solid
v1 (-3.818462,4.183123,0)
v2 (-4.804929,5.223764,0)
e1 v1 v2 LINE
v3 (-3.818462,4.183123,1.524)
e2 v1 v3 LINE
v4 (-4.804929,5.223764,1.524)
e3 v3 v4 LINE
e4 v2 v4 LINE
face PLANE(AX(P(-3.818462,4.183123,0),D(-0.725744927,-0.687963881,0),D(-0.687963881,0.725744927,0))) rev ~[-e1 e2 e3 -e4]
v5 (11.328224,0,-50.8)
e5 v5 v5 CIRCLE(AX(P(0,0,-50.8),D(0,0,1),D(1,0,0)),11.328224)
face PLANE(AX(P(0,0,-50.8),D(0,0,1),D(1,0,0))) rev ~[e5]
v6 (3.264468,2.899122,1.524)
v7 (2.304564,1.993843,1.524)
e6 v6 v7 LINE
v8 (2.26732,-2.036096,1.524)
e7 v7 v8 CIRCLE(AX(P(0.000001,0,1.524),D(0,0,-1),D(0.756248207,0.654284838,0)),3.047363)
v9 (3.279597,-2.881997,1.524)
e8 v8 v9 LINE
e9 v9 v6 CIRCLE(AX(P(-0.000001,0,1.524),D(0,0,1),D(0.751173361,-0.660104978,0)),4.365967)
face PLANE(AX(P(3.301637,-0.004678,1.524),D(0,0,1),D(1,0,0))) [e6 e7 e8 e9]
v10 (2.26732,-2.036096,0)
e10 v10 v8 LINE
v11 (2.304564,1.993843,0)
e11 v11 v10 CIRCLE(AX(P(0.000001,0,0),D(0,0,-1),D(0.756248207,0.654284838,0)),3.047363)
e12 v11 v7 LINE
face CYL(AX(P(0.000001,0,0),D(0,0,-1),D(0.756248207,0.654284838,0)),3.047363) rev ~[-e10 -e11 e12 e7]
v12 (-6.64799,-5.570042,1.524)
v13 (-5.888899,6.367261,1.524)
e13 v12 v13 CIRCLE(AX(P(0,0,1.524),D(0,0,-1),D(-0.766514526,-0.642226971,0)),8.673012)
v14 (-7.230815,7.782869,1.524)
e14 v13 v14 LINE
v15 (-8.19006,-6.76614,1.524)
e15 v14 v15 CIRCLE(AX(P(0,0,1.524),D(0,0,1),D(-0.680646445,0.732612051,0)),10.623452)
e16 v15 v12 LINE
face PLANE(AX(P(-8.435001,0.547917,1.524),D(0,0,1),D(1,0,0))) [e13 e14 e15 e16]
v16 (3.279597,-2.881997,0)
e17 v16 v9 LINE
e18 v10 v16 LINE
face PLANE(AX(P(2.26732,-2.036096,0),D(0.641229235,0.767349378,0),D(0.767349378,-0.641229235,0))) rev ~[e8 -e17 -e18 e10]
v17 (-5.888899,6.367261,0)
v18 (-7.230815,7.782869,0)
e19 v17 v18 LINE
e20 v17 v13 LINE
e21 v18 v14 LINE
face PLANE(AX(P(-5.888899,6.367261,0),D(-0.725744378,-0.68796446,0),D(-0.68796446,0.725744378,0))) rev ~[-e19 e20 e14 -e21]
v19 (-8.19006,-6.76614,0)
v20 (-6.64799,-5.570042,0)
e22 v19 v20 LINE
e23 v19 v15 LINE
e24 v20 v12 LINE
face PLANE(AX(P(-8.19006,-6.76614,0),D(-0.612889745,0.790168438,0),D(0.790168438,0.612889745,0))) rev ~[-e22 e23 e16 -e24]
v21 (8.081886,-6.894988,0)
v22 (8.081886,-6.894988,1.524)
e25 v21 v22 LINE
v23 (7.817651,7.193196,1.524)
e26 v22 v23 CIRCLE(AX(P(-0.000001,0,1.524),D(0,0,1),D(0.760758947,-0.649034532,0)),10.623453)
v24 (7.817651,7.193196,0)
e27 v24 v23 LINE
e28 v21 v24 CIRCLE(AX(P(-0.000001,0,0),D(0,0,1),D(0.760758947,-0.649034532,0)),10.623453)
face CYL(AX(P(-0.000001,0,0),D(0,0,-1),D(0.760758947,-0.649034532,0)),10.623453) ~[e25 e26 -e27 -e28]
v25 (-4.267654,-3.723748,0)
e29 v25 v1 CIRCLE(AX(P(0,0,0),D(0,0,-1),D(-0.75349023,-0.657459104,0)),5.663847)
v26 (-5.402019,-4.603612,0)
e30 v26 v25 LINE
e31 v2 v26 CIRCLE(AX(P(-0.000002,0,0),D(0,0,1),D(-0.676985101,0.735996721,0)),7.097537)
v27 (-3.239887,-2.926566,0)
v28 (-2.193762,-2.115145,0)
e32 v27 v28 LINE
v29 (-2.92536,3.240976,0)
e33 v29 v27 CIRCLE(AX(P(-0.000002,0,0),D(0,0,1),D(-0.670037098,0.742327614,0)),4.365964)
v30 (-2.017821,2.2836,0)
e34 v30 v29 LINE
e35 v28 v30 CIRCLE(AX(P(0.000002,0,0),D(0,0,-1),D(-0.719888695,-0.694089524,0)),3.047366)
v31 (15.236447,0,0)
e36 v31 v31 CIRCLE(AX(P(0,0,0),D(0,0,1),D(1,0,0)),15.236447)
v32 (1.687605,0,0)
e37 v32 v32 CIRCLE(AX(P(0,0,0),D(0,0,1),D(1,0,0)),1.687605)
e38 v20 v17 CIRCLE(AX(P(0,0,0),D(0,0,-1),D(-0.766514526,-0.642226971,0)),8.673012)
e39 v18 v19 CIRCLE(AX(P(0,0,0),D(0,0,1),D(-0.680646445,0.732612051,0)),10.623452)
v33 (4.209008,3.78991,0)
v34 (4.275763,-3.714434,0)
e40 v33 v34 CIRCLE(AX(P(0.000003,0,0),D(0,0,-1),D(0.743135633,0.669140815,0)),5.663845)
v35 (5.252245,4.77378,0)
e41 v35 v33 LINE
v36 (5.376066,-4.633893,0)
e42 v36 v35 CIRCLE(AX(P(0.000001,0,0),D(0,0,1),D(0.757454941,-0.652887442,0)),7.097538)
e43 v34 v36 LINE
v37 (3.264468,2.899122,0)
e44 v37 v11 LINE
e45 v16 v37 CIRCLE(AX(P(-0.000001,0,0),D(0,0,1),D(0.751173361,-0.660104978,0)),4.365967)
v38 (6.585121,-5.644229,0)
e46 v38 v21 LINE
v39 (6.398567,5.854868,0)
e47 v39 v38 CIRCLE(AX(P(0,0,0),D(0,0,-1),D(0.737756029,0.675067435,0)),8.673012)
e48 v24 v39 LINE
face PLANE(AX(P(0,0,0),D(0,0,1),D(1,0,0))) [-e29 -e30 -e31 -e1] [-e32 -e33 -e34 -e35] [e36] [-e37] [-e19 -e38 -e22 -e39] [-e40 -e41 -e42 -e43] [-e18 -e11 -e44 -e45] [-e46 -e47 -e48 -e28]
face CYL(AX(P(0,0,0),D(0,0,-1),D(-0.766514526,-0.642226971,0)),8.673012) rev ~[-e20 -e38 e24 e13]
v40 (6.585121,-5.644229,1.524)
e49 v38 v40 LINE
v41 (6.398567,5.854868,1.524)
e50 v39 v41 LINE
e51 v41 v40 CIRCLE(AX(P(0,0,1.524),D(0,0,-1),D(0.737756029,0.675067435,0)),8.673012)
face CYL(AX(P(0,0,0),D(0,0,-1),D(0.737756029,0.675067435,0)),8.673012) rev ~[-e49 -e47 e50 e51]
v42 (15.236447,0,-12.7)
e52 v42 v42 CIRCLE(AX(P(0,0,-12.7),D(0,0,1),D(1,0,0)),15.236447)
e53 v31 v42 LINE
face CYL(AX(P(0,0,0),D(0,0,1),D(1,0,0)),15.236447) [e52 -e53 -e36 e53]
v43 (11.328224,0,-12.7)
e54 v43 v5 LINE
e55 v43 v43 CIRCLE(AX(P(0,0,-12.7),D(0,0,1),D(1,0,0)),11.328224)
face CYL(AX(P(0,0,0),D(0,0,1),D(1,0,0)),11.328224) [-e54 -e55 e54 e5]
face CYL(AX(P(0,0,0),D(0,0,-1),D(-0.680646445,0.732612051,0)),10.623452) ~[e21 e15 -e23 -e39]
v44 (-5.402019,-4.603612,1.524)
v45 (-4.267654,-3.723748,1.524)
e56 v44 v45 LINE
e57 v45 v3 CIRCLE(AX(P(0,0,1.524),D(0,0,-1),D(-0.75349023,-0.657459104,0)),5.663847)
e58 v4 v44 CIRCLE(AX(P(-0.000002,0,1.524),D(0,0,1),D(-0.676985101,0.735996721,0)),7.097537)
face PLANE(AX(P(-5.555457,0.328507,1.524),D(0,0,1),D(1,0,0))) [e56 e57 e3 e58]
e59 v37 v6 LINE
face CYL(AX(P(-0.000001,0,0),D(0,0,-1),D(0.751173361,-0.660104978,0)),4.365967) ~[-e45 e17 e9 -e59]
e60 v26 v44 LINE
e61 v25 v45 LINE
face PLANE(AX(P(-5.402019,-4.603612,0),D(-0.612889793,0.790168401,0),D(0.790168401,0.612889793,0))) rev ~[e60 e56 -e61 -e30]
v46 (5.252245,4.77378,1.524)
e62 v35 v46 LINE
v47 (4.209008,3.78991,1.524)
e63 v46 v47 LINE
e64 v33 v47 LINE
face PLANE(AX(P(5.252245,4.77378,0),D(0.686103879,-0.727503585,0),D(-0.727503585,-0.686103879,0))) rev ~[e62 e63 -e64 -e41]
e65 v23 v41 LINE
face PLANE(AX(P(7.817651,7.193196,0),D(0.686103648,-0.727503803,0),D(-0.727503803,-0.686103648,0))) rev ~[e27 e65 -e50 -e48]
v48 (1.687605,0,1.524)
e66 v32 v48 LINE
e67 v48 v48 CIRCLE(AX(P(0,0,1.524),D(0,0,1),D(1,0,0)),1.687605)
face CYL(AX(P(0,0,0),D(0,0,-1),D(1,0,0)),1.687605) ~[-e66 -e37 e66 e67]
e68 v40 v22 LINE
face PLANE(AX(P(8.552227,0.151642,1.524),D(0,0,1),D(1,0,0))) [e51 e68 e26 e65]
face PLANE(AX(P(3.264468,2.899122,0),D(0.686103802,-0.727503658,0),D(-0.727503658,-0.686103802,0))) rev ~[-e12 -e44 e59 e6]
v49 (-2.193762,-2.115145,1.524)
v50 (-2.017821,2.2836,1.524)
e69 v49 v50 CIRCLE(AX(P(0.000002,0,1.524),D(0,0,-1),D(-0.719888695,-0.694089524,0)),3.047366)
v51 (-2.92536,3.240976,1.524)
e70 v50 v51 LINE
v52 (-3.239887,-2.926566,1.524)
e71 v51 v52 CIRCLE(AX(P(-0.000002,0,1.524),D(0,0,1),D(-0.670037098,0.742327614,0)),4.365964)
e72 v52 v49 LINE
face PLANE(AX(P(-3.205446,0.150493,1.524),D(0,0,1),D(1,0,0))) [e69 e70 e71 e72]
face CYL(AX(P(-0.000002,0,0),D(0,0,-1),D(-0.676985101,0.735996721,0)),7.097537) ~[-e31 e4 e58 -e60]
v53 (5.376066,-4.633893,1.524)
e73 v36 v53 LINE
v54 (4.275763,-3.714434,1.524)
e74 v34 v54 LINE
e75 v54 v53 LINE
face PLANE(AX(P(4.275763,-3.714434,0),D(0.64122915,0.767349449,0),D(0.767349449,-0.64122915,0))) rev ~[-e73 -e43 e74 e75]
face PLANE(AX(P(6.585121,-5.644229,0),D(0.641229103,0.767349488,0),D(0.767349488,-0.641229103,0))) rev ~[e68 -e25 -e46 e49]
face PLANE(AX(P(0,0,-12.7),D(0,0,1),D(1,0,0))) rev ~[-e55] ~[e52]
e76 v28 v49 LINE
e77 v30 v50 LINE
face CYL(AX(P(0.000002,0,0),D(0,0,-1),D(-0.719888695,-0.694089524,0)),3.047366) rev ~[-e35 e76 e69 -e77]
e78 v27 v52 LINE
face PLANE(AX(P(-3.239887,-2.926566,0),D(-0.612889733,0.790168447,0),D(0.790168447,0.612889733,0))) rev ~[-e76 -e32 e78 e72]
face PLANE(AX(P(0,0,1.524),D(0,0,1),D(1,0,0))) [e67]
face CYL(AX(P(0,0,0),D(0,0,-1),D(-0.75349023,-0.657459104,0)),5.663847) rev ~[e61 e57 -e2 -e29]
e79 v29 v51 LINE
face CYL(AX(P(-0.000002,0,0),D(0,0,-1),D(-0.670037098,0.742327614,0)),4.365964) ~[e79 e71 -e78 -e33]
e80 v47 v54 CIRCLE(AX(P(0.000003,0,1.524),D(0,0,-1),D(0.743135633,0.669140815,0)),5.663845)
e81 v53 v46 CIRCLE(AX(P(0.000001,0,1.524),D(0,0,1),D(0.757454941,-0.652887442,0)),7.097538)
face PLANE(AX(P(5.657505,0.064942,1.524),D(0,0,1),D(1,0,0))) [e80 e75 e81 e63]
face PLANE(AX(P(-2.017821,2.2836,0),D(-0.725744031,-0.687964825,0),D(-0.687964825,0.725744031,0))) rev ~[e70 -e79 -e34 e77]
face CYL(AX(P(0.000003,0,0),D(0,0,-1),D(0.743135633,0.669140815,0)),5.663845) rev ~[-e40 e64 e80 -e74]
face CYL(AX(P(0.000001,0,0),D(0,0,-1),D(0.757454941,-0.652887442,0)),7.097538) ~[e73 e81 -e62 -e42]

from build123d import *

# Parameters (mm, degrees)
F0_R     = 11.328224
F1_DEPTH = 50.8
F0_R_2   = 15.236447
F2_DEPTH = 12.7
F3_R     = 1.687605
F4_DEPTH = 1.524


with BuildPart() as f1:
    # F0 (on Top) → F1 (new body)
    with BuildSketch(Plane.XY):
        Circle(F0_R)
    extrude(amount=-F1_DEPTH)

    # F0 (on Top) → F2 (join)
    with BuildSketch(Plane.XY):
        Circle(F0_R_2)
        Circle(F0_R, mode=Mode.SUBTRACT)
    extrude(amount=-F2_DEPTH)

    # F3 (on Top) → F4 (join)
    with BuildSketch(Plane.XY):
        Circle(F3_R)
        with BuildLine():
            ThreePointArc((-2.193762, -2.115145), (-3.044929, 0.121791), (-2.017821, 2.2836))
            Line((-2.017821, 2.2836), (-2.92536, 3.240976))
            ThreePointArc((-2.92536, 3.240976), (-4.3603, 0.222363), (-3.239887, -2.926566))
            Line((-3.239887, -2.926566), (-2.193762, -2.115145))
        make_face()
        with BuildLine():
            ThreePointArc((-4.267654, -3.723748), (-5.65473, 0.321247), (-3.818462, 4.183123))
            Line((-3.818462, 4.183123), (-4.804929, 5.223764))
            ThreePointArc((-4.804929, 5.223764), (-7.084475, 0.430437), (-5.402019, -4.603612))
            Line((-5.402019, -4.603612), (-4.267654, -3.723748))
        make_face()
        with BuildLine():
            ThreePointArc((-6.64799, -5.570042), (-8.65553, 0.550403), (-5.888899, 6.367261))
            Line((-5.888899, 6.367261), (-7.230815, 7.782869))
            ThreePointArc((-7.230815, 7.782869), (-10.600437, 0.698907), (-8.19006, -6.76614))
            Line((-8.19006, -6.76614), (-6.64799, -5.570042))
        make_face()
        with BuildLine():
            Line((3.264468, 2.899122), (2.304564, 1.993843))
            ThreePointArc((2.304564, 1.993843), (3.047234, -0.028162), (2.26732, -2.036096))
            Line((2.26732, -2.036096), (3.279597, -2.881997))
            ThreePointArc((3.279597, -2.881997), (4.365951, 0.011425), (3.264468, 2.899122))
        make_face()
        with BuildLine():
            ThreePointArc((4.209008, 3.78991), (5.663624, 0.050381), (4.275763, -3.714434))
            Line((4.275763, -3.714434), (5.376066, -4.633893))
            ThreePointArc((5.376066, -4.633893), (7.096924, 0.093408), (5.252245, 4.77378))
            Line((5.252245, 4.77378), (4.209008, 3.78991))
        make_face()
        with BuildLine():
            ThreePointArc((6.398567, 5.854868), (8.671871, 0.140687), (6.585121, -5.644229))
            Line((6.585121, -5.644229), (8.081886, -6.894988))
            ThreePointArc((8.081886, -6.894988), (10.621584, 0.199216), (7.817651, 7.193196))
            Line((7.817651, 7.193196), (6.398567, 5.854868))
        make_face()
    extrude(amount=F4_DEPTH)


solid = f1.part
